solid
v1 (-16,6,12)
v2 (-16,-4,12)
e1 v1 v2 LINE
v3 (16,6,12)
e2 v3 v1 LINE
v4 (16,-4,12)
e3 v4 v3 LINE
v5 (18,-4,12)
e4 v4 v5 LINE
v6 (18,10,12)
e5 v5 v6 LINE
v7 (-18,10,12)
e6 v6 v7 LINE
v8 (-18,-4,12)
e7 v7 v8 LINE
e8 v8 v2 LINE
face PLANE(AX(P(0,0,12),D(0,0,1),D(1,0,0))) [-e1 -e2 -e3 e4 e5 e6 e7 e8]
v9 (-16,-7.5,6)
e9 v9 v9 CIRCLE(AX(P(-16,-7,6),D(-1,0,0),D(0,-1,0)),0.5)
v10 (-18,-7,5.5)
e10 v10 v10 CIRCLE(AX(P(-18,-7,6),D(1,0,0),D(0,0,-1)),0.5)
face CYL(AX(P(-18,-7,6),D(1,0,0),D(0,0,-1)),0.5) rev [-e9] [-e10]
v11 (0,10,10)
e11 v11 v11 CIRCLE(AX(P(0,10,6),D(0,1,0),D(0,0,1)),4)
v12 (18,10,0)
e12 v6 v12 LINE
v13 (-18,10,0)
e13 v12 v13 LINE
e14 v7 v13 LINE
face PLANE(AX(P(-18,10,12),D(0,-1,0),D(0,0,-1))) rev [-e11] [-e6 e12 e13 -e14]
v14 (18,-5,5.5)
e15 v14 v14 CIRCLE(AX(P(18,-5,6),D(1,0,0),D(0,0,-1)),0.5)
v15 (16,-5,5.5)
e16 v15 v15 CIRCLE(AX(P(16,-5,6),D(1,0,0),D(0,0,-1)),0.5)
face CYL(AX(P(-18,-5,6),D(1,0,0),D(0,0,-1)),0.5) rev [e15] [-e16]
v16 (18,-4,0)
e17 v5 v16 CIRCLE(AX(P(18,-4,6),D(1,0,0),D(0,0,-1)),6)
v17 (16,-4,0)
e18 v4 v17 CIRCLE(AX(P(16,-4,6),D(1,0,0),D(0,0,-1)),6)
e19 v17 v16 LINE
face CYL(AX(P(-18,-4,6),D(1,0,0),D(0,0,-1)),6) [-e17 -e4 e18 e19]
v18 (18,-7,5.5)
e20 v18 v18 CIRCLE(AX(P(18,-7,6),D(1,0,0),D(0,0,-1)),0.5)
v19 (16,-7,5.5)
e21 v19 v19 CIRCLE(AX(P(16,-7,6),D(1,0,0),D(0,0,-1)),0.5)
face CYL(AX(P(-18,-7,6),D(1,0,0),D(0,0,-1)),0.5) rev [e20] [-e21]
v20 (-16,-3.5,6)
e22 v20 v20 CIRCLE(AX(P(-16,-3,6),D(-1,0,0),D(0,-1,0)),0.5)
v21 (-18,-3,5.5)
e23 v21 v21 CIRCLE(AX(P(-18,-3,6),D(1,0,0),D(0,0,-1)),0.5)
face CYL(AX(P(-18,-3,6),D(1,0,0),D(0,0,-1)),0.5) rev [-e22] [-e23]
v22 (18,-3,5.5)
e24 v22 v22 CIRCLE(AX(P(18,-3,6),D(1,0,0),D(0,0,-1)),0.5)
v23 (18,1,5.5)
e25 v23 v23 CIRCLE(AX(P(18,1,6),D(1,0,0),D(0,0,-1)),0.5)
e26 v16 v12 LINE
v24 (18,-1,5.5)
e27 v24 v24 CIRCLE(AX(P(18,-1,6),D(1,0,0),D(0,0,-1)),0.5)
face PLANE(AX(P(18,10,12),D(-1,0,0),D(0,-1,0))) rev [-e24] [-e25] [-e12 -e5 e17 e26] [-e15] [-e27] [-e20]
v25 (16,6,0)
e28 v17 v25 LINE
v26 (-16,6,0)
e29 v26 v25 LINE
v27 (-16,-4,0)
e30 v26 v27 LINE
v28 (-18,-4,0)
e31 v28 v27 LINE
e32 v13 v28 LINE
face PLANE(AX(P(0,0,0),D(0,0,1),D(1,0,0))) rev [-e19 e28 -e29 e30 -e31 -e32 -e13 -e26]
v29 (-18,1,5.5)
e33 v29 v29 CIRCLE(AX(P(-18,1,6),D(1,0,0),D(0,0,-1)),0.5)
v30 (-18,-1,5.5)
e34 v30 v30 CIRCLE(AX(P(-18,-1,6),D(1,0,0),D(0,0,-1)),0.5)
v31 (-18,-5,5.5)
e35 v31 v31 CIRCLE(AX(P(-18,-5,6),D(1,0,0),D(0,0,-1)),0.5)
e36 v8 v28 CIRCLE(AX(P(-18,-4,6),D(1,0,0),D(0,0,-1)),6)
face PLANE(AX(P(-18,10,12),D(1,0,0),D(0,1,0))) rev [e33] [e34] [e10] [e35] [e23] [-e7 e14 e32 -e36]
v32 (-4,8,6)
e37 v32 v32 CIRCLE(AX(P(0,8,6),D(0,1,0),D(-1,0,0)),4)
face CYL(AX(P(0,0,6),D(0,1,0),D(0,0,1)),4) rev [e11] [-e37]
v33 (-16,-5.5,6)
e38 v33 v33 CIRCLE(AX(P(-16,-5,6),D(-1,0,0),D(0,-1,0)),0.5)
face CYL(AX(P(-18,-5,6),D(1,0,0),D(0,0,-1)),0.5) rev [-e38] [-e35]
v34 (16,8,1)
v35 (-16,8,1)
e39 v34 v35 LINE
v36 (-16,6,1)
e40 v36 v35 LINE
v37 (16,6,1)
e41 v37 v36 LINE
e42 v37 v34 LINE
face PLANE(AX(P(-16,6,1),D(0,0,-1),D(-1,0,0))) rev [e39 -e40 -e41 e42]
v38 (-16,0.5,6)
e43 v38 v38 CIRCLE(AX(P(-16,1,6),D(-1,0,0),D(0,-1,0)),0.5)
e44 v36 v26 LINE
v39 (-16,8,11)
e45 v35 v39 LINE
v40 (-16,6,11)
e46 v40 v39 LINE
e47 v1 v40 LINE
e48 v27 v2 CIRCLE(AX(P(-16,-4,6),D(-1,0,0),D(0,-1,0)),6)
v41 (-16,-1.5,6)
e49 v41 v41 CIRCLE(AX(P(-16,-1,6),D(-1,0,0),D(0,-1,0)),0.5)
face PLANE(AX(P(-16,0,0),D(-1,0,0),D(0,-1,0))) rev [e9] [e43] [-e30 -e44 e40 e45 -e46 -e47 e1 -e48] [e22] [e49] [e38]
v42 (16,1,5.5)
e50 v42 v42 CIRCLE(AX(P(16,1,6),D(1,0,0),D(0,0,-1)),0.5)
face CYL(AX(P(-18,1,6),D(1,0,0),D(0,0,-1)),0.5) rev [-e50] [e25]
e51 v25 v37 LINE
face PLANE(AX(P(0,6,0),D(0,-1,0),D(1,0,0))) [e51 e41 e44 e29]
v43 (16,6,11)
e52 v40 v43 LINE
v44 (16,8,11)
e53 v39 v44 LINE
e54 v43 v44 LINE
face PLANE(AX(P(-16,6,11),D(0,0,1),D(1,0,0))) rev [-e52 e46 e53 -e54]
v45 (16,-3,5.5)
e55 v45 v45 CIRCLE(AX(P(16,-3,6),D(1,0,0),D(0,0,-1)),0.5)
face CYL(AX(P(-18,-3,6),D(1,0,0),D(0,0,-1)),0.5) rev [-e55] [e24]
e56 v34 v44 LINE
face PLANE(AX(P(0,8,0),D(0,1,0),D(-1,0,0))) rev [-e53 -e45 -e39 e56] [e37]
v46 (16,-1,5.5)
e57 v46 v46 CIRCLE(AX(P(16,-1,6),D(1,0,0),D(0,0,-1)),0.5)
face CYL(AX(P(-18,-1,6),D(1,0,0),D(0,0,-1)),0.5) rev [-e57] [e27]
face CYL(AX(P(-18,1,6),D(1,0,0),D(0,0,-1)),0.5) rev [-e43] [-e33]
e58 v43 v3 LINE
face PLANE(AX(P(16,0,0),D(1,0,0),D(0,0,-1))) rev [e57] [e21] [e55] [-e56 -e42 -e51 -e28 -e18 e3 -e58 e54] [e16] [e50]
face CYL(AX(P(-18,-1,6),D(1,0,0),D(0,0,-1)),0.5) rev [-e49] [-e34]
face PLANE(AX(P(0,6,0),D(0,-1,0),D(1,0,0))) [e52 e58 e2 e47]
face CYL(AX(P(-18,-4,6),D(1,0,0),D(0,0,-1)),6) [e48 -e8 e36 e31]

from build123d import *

# Parameters (mm, degrees)
SKETCH1_W           = 36
SKETCH1_H           = 20
BOSS_EXTRUDE1_DEPTH = 12
SKETCH3_W           = 32
SKETCH3_H           = 16
CUT_EXTRUDE1_DEPTH  = 12
SKETCH4_W           = 32
SKETCH4_H           = 12
CUT_EXTRUDE2_DEPTH  = 12
CUT_EXTRUDE3_DEPTH  = 40.242833741
SKETCH5_R           = 4
CUT_EXTRUDE4_DEPTH  = 10
SKETCH6_R           = 0.5
CUT_EXTRUDE5_DEPTH  = 40.242833741
SKETCH7_W           = 32
SKETCH7_H           = 1
BOSS_EXTRUDE2_DEPTH = 2


with BuildPart() as part:
    # Sketch1 → Boss-Extrude1 (new body)
    with BuildSketch(Plane.XY):
        Rectangle(SKETCH1_W, SKETCH1_H)
    extrude(amount=BOSS_EXTRUDE1_DEPTH)

    # Sketch3 → Cut-Extrude1 (cut)
    with BuildSketch(Plane.XY.offset(12)):
        Rectangle(SKETCH3_W, SKETCH3_H)
    extrude(amount=-CUT_EXTRUDE1_DEPTH, mode=Mode.SUBTRACT)

    # Sketch4 → Cut-Extrude2 (cut)
    with BuildSketch(Plane(origin=(0, -8, 0), x_dir=(1, 0, 0), z_dir=(0, 1, 0))):
        with Locations((0, -6)):
            Rectangle(SKETCH4_W, SKETCH4_H)
    extrude(amount=-CUT_EXTRUDE2_DEPTH, mode=Mode.SUBTRACT)

    # Sketch2 → Cut-Extrude3 (cut, through all)
    with BuildSketch(Plane(origin=(18, 0, 0), x_dir=(0, 0, -1), z_dir=(1, 0, 0))):
        with BuildLine():
            Line((-12, -10), (-6, -10))
            ThreePointArc((-6, -10), (-10.242640687, -8.242640687), (-12, -4))
            Line((-12, -4), (-12, -10))
        make_face()
        with BuildLine():
            Line((-6, -10), (0, -10))
            Line((0, -10), (0, -4))
            ThreePointArc((0, -4), (-1.757359313, -8.242640687), (-6, -10))
        make_face()
    extrude(amount=-CUT_EXTRUDE3_DEPTH, mode=Mode.SUBTRACT)

    # Sketch5 → Cut-Extrude4 (cut)
    with BuildSketch(Plane(origin=(0, 10, 0), x_dir=(1, 0, 0), z_dir=(0, 1, 0))):
        with Locations(Location((0, -6, 0), (0, 0, 270))):
            Circle(SKETCH5_R)
    extrude(amount=-CUT_EXTRUDE4_DEPTH, mode=Mode.SUBTRACT)

    # Sketch6 → Cut-Extrude5 (cut, through all)
    with BuildSketch(Plane(origin=(18, 0, 0), x_dir=(0, 0, -1), z_dir=(1, 0, 0))):
        with Locations((-6, -7)):
            Circle(SKETCH6_R)
        with Locations((-6, -5)):
            Circle(SKETCH6_R)
        with Locations((-6, -3)):
            Circle(SKETCH6_R)
        with Locations((-6, -1)):
            Circle(SKETCH6_R)
        with Locations((-6, 1)):
            Circle(SKETCH6_R)
    extrude(amount=-CUT_EXTRUDE5_DEPTH, mode=Mode.SUBTRACT)

    # Sketch7 → Boss-Extrude2 (add)
    with BuildSketch(Plane.XZ.offset(-8)):
        with Locations((0, 11.5)):
            Rectangle(SKETCH7_W, SKETCH7_H)
        with Locations((0, 0.5)):
            Rectangle(SKETCH7_W, SKETCH7_H)
    extrude(amount=BOSS_EXTRUDE2_DEPTH)


solid = part.part
